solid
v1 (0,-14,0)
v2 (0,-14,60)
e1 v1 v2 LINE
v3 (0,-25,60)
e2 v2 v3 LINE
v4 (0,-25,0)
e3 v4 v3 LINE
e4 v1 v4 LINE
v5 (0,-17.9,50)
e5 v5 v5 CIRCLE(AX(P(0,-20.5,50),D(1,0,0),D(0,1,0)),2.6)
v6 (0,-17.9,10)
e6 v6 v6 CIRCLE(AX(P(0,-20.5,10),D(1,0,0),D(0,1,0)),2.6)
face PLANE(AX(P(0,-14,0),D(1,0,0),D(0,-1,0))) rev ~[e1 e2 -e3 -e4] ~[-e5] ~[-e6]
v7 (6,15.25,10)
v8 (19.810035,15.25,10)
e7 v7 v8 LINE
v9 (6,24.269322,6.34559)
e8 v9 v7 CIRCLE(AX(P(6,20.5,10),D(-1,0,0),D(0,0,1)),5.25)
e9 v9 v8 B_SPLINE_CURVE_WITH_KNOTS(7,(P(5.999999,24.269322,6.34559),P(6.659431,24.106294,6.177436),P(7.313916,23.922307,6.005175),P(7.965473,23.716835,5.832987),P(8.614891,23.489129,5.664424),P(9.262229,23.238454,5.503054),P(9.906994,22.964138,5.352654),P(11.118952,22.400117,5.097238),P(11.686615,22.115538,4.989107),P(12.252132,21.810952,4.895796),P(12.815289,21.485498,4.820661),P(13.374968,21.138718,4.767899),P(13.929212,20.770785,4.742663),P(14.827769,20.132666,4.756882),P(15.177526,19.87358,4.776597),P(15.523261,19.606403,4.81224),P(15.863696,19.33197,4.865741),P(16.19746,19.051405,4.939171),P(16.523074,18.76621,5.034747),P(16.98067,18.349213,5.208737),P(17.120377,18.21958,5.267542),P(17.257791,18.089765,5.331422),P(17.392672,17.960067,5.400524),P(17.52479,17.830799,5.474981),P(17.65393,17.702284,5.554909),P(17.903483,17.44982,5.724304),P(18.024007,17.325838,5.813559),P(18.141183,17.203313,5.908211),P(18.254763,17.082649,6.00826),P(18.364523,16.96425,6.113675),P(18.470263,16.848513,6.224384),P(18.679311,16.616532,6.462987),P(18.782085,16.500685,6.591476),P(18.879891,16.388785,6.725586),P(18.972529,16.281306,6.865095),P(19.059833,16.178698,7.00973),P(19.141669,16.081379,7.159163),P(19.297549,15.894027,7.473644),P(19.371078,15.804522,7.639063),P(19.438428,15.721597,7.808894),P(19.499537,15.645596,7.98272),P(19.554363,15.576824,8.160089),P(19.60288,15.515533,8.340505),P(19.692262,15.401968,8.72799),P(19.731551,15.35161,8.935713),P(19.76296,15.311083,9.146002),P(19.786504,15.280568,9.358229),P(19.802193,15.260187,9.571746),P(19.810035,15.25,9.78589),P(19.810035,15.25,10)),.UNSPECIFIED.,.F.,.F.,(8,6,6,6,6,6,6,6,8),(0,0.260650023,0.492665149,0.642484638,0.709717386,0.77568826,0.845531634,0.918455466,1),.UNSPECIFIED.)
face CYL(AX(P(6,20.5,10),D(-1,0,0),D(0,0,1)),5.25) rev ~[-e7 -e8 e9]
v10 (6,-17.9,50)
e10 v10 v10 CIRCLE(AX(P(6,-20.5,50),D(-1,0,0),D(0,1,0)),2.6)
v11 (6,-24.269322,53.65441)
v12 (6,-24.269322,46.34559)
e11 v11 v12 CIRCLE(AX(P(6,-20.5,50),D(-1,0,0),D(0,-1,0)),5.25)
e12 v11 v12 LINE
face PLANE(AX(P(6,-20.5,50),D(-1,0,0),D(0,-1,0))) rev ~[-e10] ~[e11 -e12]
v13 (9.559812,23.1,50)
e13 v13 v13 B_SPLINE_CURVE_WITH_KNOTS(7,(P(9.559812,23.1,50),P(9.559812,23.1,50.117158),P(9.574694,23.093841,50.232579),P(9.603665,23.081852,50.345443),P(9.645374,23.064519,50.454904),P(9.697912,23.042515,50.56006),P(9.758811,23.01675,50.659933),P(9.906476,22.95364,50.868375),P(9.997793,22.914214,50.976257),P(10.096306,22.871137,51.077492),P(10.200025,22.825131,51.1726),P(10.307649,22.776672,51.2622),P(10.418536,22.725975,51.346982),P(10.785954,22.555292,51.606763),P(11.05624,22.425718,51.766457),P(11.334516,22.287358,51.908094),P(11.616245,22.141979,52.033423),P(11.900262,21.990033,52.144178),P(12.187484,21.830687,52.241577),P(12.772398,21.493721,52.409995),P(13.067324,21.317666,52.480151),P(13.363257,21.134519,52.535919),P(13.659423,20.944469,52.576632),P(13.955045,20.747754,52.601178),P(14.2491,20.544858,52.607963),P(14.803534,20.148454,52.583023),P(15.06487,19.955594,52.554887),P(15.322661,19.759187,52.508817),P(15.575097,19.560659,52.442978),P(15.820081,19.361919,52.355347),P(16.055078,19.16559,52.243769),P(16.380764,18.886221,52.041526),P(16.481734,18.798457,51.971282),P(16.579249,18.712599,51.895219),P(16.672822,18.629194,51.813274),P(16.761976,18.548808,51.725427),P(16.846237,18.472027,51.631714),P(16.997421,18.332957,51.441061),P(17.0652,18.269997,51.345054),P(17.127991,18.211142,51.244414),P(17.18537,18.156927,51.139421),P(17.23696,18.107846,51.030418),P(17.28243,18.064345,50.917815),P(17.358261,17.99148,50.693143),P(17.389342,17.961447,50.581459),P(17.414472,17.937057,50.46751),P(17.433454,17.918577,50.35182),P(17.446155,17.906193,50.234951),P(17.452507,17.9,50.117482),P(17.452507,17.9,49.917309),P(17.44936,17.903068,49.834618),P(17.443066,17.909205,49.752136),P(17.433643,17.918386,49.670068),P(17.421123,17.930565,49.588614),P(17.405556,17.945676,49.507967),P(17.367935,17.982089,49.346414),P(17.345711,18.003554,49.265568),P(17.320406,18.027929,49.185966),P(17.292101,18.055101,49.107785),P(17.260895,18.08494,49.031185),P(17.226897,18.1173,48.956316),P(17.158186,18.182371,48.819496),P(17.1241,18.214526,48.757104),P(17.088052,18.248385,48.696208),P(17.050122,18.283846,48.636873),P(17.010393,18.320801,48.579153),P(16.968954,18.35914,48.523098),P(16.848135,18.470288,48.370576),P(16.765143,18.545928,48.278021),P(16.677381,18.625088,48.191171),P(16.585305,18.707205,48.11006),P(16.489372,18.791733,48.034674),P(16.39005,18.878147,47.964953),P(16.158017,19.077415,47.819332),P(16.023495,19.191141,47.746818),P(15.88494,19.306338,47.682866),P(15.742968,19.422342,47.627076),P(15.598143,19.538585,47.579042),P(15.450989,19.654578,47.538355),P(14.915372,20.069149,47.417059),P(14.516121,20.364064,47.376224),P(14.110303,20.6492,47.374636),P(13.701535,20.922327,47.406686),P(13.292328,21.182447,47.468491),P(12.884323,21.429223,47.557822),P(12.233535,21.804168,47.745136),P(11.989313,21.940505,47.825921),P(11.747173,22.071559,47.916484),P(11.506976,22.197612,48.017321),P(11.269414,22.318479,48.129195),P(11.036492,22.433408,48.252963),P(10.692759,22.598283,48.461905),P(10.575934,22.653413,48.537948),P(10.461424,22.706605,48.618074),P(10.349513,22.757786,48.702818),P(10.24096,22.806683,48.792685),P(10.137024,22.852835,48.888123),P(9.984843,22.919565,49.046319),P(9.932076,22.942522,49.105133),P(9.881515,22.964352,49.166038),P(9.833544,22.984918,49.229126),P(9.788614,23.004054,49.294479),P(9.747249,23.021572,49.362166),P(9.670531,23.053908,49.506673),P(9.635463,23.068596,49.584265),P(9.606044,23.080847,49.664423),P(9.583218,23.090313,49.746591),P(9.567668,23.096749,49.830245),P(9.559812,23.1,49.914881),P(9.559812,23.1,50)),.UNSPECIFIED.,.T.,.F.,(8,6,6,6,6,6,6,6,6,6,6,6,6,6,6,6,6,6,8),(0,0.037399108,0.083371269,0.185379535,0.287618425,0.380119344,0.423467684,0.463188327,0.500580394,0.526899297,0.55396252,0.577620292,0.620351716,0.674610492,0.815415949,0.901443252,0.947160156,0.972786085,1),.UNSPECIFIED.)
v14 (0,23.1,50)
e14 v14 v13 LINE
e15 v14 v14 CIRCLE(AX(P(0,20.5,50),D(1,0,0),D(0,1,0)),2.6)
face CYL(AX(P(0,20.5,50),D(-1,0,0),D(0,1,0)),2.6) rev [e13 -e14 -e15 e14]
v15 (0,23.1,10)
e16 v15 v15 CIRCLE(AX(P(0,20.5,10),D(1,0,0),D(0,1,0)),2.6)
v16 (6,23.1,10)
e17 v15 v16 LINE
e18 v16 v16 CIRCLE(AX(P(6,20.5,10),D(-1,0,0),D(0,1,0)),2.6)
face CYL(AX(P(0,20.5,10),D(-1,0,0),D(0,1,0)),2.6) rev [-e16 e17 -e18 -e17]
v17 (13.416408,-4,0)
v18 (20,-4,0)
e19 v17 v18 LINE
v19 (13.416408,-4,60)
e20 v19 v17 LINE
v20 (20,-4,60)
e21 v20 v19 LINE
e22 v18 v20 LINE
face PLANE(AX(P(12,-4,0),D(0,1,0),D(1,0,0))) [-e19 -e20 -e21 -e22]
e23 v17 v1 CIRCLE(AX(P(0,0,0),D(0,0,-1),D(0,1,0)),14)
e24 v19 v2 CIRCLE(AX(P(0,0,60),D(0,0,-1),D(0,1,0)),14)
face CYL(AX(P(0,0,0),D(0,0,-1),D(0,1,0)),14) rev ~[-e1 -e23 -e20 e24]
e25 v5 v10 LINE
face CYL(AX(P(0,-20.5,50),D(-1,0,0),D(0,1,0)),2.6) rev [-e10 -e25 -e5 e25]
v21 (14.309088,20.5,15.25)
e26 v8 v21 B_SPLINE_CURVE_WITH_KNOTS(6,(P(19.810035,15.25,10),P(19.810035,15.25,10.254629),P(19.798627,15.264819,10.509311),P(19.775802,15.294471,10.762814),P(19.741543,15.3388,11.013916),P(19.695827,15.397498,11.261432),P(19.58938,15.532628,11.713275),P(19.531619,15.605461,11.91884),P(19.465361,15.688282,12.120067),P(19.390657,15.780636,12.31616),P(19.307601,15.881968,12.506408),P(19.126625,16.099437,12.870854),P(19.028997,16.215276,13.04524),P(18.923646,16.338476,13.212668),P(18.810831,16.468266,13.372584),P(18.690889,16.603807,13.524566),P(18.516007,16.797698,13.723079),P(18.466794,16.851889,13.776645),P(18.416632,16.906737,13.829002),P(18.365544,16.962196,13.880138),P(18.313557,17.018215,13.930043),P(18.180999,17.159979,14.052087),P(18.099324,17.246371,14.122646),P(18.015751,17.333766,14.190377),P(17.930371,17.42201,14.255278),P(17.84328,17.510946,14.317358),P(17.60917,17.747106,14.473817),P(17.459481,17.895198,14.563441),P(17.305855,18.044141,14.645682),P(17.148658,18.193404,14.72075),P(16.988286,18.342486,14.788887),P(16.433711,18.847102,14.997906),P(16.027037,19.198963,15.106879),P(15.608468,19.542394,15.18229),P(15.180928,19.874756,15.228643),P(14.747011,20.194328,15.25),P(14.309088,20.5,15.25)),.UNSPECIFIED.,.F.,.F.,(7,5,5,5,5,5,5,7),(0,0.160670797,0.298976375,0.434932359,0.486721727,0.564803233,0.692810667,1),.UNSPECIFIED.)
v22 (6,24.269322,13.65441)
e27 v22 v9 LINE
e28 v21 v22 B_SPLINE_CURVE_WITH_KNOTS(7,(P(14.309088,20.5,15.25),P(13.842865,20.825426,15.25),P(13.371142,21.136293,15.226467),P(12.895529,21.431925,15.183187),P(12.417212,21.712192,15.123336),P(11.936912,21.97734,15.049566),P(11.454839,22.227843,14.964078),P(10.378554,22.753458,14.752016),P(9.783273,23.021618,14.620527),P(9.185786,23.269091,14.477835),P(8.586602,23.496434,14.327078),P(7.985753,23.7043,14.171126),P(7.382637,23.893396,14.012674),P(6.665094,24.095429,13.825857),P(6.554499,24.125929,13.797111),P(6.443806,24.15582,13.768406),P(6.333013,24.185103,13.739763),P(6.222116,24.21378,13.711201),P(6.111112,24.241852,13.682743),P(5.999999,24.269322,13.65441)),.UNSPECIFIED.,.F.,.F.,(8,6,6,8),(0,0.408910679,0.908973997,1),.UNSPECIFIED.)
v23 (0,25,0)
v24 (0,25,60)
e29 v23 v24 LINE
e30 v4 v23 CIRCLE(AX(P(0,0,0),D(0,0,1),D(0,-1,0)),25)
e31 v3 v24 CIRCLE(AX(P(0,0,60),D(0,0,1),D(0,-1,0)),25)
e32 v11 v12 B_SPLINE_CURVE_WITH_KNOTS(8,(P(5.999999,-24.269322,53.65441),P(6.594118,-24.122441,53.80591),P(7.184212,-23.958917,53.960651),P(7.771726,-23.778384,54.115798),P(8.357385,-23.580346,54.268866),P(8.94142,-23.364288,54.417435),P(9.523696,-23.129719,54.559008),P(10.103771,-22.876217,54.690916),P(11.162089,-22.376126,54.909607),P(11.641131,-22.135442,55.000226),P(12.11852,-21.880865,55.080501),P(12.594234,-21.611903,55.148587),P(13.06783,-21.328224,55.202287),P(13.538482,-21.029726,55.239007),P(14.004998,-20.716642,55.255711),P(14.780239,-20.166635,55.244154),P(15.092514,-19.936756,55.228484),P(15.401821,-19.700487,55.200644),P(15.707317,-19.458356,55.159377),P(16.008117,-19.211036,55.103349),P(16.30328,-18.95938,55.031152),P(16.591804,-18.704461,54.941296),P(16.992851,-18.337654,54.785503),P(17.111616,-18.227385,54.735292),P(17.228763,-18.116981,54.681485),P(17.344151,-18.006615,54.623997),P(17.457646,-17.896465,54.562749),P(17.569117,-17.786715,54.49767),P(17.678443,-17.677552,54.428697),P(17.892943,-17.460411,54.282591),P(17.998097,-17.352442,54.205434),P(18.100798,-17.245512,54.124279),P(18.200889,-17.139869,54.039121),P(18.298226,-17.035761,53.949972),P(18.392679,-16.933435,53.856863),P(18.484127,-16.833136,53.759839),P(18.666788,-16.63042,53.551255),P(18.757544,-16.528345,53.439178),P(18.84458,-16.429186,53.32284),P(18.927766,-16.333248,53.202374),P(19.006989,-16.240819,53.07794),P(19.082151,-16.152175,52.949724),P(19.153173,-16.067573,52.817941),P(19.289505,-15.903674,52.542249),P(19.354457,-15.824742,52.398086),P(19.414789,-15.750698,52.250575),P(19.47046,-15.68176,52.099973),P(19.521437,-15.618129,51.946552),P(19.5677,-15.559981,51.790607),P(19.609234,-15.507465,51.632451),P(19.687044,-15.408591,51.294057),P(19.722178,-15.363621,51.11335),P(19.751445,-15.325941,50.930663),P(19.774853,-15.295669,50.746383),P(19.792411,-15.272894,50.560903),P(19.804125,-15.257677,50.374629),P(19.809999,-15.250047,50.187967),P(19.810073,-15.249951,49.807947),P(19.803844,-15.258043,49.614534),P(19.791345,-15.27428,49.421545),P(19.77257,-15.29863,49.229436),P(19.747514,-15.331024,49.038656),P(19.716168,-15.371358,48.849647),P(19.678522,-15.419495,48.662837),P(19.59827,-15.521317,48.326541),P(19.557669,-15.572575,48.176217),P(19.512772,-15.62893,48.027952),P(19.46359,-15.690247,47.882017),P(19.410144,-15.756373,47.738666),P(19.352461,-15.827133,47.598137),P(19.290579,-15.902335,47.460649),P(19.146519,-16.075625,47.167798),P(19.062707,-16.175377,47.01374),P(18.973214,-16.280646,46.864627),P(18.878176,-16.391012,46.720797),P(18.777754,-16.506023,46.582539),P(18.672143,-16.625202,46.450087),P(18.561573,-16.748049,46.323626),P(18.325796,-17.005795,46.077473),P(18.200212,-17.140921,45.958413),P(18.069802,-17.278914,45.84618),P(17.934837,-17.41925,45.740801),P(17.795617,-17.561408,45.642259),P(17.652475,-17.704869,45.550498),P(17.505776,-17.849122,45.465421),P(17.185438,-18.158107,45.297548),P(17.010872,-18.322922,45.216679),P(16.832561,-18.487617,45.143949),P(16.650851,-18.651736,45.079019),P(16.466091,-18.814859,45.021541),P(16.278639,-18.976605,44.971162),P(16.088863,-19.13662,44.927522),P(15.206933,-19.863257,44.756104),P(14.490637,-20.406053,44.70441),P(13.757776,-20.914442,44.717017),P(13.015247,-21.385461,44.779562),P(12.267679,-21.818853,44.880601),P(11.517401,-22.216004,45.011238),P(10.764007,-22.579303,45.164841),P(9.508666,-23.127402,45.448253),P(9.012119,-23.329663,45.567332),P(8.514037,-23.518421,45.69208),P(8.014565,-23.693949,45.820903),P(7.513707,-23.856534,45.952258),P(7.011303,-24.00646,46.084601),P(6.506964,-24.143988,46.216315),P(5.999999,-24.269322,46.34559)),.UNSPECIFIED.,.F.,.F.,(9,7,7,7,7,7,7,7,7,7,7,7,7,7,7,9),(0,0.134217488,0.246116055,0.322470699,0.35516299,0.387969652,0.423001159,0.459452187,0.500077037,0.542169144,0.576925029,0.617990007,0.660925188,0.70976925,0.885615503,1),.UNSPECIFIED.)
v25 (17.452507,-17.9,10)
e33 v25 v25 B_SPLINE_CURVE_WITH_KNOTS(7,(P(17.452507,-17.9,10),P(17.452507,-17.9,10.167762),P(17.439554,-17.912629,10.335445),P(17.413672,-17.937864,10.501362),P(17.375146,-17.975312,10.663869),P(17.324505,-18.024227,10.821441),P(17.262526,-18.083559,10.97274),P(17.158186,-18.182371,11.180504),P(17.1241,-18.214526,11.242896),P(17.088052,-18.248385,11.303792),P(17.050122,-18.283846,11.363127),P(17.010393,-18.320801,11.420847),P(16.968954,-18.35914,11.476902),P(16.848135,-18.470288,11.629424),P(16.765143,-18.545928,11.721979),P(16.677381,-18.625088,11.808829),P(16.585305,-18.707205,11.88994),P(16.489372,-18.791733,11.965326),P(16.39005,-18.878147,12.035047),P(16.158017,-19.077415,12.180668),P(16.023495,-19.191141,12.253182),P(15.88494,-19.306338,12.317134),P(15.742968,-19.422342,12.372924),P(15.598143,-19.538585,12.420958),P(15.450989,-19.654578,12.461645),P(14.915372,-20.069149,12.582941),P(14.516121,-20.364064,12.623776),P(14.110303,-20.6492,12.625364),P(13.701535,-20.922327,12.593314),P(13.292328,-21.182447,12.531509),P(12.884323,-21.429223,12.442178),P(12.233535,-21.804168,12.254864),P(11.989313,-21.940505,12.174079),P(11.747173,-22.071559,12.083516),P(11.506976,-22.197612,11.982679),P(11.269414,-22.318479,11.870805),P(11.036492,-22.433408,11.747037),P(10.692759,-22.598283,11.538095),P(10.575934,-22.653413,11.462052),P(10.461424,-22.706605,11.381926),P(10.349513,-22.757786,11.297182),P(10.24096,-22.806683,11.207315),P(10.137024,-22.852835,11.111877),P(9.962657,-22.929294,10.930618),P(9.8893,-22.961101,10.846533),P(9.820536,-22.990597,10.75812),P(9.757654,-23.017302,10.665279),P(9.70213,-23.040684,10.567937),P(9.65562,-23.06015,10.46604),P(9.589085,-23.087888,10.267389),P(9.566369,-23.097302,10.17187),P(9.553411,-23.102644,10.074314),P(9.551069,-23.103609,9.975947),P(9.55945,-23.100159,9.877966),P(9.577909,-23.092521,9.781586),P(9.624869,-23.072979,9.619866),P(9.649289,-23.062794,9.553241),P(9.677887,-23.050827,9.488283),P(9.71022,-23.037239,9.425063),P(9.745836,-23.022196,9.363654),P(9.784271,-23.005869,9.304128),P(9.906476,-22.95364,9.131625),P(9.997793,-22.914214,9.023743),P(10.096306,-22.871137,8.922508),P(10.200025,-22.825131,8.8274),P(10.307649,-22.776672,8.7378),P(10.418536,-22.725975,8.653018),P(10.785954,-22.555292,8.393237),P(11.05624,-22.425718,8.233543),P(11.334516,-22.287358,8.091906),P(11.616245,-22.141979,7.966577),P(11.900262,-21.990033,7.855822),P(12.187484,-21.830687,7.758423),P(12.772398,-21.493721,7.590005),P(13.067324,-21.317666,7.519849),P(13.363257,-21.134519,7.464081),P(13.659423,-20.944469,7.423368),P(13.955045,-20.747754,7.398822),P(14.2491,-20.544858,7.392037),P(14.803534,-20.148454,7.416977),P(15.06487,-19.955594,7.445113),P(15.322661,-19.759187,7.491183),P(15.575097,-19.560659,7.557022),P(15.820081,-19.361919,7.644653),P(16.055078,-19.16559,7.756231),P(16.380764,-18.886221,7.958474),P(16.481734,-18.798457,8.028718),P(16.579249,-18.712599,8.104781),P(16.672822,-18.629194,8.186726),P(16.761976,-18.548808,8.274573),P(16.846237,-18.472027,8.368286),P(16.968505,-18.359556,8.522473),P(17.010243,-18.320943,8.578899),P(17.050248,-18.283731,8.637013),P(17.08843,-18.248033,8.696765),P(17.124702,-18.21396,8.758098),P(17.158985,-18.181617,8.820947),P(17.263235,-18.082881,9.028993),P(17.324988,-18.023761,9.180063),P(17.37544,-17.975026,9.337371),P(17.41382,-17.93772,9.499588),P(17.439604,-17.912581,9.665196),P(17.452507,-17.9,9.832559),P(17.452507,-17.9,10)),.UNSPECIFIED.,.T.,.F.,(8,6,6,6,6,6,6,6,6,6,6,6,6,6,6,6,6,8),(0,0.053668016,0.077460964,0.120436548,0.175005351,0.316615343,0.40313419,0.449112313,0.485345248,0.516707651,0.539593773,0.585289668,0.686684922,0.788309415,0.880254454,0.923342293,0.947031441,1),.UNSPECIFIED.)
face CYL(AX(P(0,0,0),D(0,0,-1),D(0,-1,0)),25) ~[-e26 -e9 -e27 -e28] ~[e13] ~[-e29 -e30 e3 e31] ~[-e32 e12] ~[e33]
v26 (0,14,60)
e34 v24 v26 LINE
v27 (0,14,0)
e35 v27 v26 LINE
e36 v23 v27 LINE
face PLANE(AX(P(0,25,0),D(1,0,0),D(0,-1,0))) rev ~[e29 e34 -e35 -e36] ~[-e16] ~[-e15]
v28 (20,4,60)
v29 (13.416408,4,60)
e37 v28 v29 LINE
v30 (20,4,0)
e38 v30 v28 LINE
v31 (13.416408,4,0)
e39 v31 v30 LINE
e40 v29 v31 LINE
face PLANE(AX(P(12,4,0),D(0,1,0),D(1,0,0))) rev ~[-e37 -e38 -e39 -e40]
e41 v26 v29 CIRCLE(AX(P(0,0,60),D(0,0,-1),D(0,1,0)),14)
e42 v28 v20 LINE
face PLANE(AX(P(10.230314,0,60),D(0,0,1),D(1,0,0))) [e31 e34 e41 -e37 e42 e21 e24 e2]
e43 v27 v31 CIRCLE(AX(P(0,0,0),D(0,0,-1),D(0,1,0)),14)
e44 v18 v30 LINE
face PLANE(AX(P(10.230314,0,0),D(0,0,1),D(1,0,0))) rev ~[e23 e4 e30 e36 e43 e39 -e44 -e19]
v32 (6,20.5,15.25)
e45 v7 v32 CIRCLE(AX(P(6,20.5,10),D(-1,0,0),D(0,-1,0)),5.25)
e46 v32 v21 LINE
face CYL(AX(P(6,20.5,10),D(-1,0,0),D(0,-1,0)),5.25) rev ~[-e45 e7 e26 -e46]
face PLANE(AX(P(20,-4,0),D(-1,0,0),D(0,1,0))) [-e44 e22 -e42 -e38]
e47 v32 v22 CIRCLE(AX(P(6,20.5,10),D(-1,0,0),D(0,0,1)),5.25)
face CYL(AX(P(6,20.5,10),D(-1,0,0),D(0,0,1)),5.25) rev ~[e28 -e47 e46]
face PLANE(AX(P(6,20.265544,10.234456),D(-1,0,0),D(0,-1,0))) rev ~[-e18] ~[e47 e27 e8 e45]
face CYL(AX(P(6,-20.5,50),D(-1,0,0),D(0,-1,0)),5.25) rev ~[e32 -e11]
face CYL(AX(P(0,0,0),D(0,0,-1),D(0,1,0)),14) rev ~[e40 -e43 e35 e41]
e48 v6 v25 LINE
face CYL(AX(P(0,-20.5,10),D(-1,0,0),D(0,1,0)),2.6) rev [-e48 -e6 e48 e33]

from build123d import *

# Parameters (mm, degrees)
F1_DEPTH = 60
F2_R     = 2.6
F3_DEPTH = 25.001
F6_DEPTH = 25
F7_W     = 8
F7_H     = 8
F8_DEPTH = 60.0010001


with BuildPart() as f1:
    # F0 (on Top) → F1 (new body)
    with BuildSketch(Plane.XY):
        with BuildLine():
            Line((0, -14), (0, -25))
            ThreePointArc((0, -25), (25, 0), (0, 25))
            Line((0, 25), (0, 14))
            ThreePointArc((0, 14), (14, 0), (0, -14))
        make_face()
    extrude(amount=F1_DEPTH)

    # F2 (on Right) → F3 (cut, through all)
    with BuildSketch(Plane.YZ):
        with Locations((-20.5, 10)):
            Circle(F2_R)
        with Locations((-20.5, 50)):
            Circle(F2_R)
        with Locations((20.5, 50)):
            Circle(F2_R)
        with Locations((20.5, 10)):
            Circle(F2_R)
    extrude(amount=F3_DEPTH, mode=Mode.SUBTRACT)

    # F5 (on offset) → F6 (cut)
    with BuildSketch(Plane(origin=(6, 0, 0), x_dir=(0, -1, 0), z_dir=(-1, 0, 0))):
        with BuildLine():
            ThreePointArc((15.25, 50), (20.5, 44.75), (25.75, 50))
            ThreePointArc((25.75, 50), (20.5, 55.25), (15.25, 50))
        make_face()
        with BuildLine():
            ThreePointArc((-15.25, 10), (-16.7876893988, 13.7123106012), (-20.5, 15.25))
            ThreePointArc((-20.5, 15.25), (-24.2123106012, 6.2876893988), (-15.25, 10))
        make_face()
    extrude(amount=-F6_DEPTH, mode=Mode.SUBTRACT)

    # F7 (on Top) → F8 (cut, through all)
    with BuildSketch(Plane.XY):
        with Locations((16, 0)):
            Rectangle(F7_W, F7_H)
    extrude(amount=F8_DEPTH, mode=Mode.SUBTRACT)


solid = f1.part
